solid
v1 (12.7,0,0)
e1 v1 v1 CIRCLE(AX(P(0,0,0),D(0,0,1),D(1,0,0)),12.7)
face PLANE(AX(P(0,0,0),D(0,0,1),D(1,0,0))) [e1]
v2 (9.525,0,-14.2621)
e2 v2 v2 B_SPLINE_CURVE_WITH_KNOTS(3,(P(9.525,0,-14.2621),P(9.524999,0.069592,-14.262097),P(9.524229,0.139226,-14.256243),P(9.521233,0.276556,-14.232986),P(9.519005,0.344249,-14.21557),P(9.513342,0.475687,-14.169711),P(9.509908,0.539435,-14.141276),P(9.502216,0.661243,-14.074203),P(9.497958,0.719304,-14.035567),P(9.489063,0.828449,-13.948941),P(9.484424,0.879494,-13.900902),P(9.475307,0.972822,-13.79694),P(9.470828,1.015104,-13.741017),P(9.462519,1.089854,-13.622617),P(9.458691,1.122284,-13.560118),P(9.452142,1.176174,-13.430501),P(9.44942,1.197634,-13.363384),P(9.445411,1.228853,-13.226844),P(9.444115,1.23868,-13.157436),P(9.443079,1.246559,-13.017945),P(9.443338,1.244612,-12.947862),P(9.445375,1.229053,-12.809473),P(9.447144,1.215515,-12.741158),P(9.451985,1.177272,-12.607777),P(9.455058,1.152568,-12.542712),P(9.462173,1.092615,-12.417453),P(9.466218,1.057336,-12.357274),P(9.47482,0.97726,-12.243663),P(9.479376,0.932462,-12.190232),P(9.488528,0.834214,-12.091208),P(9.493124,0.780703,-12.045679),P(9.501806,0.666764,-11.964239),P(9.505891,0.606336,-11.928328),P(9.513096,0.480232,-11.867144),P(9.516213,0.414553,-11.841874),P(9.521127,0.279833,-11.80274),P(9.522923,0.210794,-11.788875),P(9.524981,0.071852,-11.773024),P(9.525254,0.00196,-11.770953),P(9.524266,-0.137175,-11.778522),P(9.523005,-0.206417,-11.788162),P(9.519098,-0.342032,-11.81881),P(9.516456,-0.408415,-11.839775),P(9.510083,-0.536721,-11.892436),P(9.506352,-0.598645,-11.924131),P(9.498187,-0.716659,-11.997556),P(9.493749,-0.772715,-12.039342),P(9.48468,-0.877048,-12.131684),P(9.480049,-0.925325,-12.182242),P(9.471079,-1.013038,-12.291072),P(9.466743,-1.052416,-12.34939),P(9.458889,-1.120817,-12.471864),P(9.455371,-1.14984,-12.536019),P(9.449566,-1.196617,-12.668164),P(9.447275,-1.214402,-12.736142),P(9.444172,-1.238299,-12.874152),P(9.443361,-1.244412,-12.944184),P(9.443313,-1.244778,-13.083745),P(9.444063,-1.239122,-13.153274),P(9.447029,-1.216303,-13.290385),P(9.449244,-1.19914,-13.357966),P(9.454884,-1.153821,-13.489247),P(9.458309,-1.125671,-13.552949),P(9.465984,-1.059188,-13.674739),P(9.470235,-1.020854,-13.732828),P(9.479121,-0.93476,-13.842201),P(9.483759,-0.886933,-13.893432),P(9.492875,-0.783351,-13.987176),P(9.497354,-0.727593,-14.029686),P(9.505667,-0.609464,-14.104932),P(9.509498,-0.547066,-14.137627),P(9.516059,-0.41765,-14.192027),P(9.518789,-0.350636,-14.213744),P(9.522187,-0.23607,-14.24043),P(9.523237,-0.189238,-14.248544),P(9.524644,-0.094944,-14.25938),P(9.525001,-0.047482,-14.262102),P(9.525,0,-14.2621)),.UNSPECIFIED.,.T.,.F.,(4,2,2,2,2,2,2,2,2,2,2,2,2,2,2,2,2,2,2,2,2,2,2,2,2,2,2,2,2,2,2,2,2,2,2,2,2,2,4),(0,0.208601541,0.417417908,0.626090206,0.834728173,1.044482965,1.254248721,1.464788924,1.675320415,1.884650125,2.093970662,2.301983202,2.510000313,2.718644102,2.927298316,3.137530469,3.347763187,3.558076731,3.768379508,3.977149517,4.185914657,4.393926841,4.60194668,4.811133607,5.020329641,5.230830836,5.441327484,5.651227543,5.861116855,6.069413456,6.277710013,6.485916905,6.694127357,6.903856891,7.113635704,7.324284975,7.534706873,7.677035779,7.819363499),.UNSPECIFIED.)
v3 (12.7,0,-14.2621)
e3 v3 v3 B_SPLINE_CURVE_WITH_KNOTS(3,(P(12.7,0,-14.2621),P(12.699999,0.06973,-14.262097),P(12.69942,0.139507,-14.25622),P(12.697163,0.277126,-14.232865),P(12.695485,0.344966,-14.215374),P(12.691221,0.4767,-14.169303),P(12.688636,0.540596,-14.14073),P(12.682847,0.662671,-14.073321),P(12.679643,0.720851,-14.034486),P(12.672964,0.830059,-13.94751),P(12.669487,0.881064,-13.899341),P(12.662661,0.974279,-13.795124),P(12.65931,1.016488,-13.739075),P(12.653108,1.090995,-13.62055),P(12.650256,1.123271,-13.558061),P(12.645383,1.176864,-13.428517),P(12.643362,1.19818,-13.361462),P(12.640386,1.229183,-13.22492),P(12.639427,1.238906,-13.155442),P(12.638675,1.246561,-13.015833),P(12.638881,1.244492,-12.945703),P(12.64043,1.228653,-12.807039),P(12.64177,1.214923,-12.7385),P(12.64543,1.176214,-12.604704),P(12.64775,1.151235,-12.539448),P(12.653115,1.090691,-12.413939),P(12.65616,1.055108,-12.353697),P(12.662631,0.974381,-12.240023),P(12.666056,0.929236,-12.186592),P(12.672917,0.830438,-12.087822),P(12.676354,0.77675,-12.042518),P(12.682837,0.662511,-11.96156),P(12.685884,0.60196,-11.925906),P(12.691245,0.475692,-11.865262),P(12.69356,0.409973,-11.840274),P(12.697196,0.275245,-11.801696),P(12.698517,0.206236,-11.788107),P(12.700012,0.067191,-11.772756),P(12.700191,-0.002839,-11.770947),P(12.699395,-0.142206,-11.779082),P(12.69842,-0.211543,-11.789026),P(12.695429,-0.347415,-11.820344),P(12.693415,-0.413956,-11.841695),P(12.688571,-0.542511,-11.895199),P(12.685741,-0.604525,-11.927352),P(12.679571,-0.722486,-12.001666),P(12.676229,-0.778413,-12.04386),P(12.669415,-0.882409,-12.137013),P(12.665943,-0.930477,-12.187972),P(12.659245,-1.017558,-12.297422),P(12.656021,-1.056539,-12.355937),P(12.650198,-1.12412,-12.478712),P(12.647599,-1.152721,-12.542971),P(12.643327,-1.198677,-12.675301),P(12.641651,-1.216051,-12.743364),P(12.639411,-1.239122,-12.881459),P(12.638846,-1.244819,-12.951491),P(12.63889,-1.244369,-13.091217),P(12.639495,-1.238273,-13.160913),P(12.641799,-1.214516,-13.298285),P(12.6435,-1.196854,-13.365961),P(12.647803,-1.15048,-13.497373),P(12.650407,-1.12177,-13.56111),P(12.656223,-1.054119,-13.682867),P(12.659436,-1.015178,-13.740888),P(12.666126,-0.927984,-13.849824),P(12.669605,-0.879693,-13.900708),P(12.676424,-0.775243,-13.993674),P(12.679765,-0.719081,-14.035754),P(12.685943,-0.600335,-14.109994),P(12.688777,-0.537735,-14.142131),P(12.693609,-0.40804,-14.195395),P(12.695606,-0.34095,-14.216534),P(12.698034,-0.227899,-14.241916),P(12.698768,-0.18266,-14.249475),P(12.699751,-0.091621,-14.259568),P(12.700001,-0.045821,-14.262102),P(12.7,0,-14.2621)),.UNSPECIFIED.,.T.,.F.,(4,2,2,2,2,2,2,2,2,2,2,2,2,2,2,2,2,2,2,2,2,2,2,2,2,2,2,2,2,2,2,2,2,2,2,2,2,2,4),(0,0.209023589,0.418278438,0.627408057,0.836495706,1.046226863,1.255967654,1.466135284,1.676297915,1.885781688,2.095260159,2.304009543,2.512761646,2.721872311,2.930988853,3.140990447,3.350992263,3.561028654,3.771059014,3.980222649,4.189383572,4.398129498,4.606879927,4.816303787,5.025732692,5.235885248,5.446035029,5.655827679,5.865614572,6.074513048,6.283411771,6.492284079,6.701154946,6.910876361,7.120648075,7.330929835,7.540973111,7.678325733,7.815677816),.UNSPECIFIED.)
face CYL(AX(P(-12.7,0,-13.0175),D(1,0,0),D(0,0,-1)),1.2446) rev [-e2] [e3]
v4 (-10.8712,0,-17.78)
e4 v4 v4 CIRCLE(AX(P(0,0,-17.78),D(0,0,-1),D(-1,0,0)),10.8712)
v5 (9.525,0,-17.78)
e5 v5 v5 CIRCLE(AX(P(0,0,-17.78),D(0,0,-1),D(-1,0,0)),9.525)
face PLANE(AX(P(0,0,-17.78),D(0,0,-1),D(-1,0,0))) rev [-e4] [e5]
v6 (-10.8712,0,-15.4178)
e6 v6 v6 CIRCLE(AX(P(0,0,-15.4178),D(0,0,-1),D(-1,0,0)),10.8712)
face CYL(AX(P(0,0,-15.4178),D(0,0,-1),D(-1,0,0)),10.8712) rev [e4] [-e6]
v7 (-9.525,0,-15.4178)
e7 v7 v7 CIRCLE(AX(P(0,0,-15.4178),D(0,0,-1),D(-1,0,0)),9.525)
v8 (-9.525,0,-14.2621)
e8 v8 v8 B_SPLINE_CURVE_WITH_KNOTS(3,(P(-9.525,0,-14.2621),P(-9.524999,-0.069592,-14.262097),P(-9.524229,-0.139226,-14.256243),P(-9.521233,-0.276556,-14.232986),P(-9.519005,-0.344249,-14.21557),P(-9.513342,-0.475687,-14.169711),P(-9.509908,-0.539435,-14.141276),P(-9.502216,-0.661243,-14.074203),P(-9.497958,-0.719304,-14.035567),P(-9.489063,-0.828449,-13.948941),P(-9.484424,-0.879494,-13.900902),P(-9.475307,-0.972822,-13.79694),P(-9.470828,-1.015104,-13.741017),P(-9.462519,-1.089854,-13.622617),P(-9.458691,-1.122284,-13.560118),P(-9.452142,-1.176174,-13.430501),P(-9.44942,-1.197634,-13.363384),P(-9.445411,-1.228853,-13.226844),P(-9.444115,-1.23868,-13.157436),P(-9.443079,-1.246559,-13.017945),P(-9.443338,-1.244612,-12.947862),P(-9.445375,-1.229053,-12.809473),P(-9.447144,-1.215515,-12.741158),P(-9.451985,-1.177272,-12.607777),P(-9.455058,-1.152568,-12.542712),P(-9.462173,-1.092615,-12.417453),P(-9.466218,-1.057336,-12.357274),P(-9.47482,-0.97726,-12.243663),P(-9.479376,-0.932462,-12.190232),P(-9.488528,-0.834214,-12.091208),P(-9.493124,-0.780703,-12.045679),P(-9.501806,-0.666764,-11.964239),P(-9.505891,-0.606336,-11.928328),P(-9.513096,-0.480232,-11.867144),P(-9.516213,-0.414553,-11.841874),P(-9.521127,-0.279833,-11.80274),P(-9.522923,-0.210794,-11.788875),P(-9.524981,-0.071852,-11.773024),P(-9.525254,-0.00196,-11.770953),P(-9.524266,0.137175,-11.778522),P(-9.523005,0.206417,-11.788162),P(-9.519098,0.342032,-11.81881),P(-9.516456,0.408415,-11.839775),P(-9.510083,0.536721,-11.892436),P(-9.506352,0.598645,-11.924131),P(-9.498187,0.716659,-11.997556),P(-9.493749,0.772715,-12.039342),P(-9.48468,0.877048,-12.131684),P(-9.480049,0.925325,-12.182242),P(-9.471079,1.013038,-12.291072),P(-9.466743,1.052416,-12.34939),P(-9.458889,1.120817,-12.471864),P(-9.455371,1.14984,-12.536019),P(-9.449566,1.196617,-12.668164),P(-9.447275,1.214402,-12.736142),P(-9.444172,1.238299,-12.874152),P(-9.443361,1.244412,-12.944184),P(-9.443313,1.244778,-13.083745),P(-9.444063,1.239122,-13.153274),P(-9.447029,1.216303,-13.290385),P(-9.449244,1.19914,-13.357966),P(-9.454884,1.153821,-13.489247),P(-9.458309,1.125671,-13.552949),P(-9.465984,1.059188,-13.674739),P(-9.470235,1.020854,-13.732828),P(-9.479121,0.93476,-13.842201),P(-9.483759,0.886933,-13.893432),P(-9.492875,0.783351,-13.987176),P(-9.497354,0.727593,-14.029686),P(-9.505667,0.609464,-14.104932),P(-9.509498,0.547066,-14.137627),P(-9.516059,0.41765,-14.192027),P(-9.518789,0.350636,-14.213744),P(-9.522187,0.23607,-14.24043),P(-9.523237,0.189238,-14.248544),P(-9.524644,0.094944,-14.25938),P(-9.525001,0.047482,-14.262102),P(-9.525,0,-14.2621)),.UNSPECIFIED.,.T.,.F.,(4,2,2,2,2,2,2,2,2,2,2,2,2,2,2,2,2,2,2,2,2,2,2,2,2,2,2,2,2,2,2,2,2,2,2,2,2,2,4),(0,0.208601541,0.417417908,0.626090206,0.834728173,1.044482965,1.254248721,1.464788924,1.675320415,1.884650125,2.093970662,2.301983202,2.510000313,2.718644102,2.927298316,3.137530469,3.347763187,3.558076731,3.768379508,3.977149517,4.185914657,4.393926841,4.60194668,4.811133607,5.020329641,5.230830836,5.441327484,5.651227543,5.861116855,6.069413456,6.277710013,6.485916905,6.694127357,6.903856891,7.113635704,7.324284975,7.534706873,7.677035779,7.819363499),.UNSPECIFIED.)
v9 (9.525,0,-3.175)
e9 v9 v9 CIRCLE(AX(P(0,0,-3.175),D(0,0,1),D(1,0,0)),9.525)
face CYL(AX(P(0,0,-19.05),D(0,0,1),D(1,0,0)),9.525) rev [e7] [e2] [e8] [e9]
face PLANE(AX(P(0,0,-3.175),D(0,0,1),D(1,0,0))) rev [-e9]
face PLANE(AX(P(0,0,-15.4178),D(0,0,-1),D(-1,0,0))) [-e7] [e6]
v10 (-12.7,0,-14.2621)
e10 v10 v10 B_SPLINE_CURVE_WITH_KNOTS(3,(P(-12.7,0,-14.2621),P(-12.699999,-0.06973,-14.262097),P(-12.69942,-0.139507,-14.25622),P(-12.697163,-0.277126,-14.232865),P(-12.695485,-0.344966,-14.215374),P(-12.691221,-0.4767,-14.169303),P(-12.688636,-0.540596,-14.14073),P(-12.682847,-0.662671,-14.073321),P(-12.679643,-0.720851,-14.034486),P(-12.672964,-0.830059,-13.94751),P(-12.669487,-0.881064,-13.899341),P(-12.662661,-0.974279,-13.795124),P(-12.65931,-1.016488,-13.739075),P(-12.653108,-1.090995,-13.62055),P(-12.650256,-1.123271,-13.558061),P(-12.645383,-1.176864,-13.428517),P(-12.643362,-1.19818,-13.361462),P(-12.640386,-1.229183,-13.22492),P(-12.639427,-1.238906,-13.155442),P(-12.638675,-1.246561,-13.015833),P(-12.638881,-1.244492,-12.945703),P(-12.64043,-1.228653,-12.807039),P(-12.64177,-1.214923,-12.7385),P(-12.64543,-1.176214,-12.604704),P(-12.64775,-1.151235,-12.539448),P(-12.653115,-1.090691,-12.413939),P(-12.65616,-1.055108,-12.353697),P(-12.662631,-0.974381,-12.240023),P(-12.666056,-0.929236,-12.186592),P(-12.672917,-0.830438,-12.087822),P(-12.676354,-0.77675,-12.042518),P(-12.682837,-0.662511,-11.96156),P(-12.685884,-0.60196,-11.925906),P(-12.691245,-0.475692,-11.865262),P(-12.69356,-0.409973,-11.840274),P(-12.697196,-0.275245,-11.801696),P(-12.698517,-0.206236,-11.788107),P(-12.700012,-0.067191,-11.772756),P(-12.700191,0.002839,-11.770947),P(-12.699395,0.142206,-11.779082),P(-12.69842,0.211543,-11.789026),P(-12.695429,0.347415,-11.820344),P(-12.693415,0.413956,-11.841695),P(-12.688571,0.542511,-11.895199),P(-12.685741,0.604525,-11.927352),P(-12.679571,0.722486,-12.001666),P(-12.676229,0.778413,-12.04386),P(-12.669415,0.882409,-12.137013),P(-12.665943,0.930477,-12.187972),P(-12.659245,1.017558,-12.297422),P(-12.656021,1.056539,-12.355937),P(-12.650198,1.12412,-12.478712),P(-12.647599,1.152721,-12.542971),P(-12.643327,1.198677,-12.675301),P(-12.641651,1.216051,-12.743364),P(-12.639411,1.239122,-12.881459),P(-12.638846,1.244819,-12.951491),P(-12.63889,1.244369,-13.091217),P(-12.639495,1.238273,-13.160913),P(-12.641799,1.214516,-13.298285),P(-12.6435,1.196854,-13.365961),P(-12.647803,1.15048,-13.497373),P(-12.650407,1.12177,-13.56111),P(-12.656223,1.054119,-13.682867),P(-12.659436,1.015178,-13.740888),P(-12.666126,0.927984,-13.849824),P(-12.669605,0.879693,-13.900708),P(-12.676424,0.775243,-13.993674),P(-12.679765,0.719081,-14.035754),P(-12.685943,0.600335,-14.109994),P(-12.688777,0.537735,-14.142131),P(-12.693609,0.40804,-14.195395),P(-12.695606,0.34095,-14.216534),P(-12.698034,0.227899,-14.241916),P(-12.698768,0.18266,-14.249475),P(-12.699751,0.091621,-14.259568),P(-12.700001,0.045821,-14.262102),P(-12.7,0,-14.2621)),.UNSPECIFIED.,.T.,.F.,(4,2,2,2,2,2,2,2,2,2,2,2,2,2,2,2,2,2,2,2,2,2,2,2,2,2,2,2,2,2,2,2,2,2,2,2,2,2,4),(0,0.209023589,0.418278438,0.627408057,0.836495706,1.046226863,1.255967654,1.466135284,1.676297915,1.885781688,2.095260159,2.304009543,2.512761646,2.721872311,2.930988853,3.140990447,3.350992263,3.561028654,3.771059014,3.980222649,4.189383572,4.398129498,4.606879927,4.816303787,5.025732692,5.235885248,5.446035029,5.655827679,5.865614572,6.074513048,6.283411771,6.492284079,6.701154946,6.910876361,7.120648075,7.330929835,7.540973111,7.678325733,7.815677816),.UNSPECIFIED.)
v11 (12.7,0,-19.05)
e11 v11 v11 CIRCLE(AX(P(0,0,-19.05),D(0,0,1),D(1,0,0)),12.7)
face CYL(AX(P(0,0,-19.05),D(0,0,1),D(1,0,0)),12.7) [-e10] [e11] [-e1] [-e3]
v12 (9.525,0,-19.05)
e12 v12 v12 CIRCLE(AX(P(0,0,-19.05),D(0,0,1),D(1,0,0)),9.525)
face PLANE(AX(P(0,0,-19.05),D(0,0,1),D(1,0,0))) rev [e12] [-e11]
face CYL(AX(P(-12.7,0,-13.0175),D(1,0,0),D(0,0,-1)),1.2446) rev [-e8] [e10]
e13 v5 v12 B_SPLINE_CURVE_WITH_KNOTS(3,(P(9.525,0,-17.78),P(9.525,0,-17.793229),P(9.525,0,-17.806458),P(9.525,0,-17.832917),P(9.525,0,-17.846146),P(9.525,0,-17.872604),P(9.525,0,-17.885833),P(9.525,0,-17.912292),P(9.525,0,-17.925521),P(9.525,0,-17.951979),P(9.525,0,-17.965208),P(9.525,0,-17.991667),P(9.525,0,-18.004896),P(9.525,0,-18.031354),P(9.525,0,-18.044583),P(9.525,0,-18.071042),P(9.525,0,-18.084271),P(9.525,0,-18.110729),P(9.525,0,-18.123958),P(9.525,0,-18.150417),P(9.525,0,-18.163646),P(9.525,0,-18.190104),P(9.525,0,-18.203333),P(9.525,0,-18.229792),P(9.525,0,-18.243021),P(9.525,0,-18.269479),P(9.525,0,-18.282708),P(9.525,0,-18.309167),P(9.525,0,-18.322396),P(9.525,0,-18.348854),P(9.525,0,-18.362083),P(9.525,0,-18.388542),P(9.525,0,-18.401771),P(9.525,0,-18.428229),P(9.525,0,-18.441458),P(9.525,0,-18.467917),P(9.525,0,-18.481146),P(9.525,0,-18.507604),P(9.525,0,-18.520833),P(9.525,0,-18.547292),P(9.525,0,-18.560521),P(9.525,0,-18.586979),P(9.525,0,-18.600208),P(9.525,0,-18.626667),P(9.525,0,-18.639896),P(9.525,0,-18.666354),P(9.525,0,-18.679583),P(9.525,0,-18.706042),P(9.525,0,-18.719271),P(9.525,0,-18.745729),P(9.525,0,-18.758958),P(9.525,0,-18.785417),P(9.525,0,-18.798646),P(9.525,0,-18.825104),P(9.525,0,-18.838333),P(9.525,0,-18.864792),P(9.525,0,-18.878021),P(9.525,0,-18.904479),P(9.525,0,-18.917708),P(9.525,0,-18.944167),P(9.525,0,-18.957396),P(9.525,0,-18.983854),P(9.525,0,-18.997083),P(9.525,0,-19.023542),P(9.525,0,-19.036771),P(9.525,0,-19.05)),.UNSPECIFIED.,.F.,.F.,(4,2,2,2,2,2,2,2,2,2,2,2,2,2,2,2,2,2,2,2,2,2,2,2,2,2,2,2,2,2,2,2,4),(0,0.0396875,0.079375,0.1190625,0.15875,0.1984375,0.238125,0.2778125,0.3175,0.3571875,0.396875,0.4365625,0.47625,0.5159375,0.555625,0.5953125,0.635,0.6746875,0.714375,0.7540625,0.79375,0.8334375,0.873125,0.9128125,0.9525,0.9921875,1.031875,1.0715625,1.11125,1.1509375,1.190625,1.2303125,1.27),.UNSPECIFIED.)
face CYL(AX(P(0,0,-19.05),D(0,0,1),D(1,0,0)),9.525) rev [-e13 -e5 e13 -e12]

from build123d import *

# Parameters (mm, degrees)
SKETCH1_R               = 12.7
BOSS_EXTRUDE1_DEPTH     = 19.05
SHELL1_T                = -3.175
SKETCH4_R               = 1.2446
CUT_EXTRUDE1_DEPTH      = 27.181720723
CUT_EXTRUDE1_DEPTH_BACK = 27.181720723
SKETCH7_R               = 10.8712
SKETCH7_R_2             = 9.525
CUT_EXTRUDE2_DEPTH      = 2.3622


with BuildPart() as part:
    # Sketch1 → Boss-Extrude1 (new body)
    with BuildSketch(Plane.XY):
        Circle(SKETCH1_R)
    extrude(amount=-BOSS_EXTRUDE1_DEPTH)

    # Shell1
    shell1_openings = [part.faces().sort_by_distance(p)[0] for p in [
        (0, 0, -19.05),
    ]]
    offset(amount=SHELL1_T, openings=shell1_openings, kind=Kind.INTERSECTION)

    # Sketch4 → Cut-Extrude1 (cut, two sides)
    with BuildSketch(Plane(origin=(0, 0, 0), x_dir=(0, 0, -1), z_dir=(1, 0, 0))) as cut_extrude1_sk:
        with Locations((13.0175, 0)):
            Circle(SKETCH4_R)
    extrude(amount=CUT_EXTRUDE1_DEPTH, mode=Mode.SUBTRACT)
    extrude(cut_extrude1_sk.sketch, amount=-CUT_EXTRUDE1_DEPTH_BACK, mode=Mode.SUBTRACT)

    # Sketch7 → Cut-Extrude2 (cut)
    with BuildSketch(Plane(origin=(0, 0, -17.78), x_dir=(-1, 0, 0), z_dir=(0, 0, -1))):
        Circle(SKETCH7_R)
        with Locations(Location((0, 0, 0), (0, 0, 180))):
            Circle(SKETCH7_R_2, mode=Mode.SUBTRACT)
    extrude(amount=-CUT_EXTRUDE2_DEPTH, mode=Mode.SUBTRACT)


solid = part.part
